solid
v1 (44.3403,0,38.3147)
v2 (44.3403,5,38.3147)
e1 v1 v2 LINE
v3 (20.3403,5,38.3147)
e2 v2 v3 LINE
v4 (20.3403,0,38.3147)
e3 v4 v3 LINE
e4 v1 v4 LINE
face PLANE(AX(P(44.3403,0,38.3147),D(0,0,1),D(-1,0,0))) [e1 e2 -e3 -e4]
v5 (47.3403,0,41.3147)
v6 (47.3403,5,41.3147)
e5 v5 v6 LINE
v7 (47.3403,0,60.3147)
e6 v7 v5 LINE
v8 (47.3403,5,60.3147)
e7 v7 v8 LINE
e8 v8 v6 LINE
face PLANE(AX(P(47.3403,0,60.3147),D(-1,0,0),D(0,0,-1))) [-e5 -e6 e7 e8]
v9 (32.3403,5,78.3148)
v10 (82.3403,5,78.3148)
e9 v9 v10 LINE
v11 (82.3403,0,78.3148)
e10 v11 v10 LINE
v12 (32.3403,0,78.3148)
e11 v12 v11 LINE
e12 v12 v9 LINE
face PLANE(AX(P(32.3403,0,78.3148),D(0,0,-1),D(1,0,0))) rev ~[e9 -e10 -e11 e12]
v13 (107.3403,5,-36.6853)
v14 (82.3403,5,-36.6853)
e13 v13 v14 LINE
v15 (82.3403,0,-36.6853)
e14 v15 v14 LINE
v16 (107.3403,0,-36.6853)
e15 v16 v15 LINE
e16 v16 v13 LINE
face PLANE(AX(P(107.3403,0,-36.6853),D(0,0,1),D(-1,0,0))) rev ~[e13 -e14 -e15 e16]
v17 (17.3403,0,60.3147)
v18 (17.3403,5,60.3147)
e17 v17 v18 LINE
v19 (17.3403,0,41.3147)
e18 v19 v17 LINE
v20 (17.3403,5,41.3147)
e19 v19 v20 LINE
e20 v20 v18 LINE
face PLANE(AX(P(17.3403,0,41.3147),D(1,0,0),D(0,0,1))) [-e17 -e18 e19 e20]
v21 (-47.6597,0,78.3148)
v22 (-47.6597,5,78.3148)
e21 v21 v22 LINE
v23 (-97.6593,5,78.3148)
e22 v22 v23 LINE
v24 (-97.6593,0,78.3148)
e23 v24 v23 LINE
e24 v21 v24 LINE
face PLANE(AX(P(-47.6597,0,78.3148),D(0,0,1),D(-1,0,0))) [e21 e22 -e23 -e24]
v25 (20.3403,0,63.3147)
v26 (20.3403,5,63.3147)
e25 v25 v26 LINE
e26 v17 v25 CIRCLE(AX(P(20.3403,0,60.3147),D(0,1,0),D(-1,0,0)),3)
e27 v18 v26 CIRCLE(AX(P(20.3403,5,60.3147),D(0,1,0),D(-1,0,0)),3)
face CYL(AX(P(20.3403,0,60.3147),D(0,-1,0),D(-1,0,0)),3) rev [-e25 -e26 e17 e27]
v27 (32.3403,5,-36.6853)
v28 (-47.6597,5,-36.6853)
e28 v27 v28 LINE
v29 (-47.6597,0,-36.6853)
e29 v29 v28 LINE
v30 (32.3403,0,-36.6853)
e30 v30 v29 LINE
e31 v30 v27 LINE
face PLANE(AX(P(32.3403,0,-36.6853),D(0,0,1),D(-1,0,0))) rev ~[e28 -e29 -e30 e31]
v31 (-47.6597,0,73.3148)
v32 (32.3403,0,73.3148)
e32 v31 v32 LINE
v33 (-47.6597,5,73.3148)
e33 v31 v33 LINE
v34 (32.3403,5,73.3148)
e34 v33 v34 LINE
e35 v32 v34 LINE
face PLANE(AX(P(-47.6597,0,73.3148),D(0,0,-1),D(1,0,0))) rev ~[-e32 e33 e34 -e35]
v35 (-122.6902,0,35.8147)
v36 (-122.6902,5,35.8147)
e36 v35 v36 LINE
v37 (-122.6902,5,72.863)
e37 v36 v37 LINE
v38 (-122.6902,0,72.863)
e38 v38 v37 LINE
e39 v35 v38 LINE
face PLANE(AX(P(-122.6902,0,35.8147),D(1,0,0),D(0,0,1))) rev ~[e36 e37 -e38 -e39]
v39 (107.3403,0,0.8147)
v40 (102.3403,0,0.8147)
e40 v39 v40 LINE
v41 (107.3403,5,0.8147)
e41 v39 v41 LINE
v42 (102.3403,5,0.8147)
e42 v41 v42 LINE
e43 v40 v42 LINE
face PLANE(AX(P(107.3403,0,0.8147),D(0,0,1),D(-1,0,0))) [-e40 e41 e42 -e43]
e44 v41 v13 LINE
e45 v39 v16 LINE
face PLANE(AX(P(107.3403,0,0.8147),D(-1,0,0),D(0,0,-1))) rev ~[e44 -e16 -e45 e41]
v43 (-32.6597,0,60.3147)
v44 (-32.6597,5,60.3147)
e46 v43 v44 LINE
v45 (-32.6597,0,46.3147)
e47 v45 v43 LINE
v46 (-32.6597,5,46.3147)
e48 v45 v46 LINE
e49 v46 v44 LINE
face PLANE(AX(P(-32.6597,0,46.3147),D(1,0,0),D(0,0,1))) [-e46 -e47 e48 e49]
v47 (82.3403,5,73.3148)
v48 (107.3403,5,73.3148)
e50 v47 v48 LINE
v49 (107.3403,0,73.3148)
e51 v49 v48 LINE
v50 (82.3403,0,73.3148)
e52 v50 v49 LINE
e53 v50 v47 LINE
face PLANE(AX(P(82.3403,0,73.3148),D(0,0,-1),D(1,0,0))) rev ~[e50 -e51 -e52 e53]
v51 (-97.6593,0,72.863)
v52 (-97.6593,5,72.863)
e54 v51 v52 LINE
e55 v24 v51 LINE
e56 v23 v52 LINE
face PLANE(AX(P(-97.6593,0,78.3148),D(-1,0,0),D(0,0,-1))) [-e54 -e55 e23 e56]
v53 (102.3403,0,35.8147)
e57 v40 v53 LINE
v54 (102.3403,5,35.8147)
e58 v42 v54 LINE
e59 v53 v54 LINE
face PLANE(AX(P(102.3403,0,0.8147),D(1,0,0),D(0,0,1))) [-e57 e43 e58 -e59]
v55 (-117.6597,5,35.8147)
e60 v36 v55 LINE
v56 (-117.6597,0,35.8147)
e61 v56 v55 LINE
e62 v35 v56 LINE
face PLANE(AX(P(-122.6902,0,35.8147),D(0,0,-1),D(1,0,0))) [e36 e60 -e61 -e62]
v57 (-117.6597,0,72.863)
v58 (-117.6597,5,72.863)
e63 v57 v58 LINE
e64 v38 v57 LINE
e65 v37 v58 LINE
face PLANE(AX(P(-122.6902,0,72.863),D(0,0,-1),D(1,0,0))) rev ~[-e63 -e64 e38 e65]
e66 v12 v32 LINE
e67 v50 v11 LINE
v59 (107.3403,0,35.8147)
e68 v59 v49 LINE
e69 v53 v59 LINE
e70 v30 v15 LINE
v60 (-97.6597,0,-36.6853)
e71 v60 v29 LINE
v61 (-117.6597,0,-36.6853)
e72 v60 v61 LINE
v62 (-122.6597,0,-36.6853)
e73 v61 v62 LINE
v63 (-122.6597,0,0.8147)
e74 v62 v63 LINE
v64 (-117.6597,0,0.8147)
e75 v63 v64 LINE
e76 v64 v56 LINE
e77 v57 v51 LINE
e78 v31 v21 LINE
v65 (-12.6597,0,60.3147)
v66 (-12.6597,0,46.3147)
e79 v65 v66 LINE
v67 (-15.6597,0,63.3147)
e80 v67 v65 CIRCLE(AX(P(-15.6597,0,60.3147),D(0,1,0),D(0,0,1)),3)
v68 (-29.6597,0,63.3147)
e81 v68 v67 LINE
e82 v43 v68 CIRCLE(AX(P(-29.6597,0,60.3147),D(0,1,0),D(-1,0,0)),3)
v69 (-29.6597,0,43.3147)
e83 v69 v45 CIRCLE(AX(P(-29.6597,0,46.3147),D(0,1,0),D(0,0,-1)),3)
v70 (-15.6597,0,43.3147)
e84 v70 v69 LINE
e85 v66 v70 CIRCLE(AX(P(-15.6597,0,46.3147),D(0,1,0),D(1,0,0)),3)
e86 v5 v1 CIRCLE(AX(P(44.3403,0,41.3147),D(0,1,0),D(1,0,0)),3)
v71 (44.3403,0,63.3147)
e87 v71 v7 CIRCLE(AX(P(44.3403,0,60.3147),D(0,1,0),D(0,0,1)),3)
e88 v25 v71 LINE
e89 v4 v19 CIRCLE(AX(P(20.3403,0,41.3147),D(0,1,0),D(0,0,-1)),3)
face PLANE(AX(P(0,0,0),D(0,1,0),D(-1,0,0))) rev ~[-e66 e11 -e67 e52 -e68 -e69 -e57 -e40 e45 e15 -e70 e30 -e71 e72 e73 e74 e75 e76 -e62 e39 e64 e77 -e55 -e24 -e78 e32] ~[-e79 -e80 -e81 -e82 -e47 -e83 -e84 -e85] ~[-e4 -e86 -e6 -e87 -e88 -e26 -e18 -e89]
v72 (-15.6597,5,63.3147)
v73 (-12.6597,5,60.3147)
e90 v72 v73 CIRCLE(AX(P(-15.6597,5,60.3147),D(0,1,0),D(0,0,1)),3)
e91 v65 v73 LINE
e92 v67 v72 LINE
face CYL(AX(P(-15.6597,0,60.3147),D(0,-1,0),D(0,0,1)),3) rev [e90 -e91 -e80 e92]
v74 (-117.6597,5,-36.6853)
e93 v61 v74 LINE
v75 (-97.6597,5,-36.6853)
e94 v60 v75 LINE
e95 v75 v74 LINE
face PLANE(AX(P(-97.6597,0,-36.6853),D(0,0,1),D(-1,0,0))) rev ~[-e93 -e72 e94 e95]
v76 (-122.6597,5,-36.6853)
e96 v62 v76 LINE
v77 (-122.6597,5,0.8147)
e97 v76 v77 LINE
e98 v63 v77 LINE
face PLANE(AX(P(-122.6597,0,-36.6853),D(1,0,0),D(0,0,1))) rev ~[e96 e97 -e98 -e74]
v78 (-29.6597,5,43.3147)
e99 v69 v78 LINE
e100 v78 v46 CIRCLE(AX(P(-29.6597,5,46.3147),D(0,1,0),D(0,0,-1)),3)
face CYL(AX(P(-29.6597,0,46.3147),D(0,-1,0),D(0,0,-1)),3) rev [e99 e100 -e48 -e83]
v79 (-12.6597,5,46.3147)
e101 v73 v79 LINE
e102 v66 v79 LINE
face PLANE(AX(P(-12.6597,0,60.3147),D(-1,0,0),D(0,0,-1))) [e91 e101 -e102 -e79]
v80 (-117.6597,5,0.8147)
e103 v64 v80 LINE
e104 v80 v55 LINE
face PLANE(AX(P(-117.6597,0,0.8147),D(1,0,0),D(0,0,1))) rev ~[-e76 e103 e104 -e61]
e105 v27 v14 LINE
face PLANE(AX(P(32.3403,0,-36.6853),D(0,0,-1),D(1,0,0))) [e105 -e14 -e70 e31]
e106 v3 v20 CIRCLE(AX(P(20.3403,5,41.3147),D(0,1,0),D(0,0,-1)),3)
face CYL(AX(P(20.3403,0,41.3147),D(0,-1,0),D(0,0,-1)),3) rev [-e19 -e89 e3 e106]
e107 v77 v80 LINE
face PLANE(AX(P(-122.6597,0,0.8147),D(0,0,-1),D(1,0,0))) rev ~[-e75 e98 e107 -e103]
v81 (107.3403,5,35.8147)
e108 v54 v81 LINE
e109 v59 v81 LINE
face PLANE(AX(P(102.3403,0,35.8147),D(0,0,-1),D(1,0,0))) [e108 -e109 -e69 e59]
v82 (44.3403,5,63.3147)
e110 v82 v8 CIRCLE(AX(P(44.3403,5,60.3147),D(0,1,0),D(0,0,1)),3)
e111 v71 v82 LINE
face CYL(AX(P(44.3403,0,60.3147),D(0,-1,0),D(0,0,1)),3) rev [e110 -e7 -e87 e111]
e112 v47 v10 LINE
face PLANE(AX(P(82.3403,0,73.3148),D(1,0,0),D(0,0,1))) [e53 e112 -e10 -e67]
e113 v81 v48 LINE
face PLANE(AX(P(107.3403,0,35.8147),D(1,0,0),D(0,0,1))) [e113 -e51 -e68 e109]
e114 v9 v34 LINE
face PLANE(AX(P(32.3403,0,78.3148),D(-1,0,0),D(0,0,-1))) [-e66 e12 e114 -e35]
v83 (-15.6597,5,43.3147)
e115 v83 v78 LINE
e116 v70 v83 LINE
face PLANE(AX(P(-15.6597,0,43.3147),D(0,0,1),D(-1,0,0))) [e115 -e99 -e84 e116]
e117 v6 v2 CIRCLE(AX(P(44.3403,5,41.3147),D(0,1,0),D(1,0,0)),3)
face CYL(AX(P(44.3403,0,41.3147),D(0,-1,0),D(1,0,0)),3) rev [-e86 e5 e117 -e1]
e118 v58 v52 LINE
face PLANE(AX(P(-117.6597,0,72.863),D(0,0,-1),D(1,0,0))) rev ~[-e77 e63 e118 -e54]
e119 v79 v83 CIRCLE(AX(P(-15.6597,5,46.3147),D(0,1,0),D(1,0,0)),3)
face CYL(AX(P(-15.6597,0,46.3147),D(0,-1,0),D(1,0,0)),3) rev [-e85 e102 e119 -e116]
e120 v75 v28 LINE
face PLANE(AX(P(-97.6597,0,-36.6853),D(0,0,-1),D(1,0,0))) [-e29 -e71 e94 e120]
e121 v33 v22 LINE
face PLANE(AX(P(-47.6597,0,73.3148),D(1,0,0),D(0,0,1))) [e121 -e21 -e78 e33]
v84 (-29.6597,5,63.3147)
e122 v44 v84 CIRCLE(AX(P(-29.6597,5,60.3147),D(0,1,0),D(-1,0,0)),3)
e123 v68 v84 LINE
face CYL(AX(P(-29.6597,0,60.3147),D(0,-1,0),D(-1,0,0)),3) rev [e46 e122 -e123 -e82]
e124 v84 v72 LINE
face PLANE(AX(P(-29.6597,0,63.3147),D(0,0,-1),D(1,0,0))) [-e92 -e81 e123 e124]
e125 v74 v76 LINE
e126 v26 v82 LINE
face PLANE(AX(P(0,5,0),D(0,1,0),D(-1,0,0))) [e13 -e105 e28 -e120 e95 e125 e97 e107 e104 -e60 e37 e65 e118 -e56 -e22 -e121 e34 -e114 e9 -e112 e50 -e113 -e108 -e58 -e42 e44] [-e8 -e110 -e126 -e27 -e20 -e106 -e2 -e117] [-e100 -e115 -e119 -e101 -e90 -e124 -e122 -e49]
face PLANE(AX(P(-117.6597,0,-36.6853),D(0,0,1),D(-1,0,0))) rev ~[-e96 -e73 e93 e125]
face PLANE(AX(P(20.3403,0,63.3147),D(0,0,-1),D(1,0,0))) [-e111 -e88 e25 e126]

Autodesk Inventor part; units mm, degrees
ref_plane "YZ Plane" through (0, 0, 0) normal (1, 0, 0) x (0, 1, 0)
ref_plane "XZ Plane" through (0, 0, 0) normal (0, 1, 0) x (-1, 0, 0)
ref_plane "XY Plane" through (0, 0, 0) normal (0, 0, 1) x (1, 0, 0)
sketch "Sketch1" plane through (0, 0, 0) normal (0, 1, 0) x (-1, 0, 0)
  line L0 (47.6597, 73.3148) -> (47.6597, 78.3148)
  line L1 (97.6593, 78.3148) -> (97.6593, 72.863)
  line L2 (-82.3403, 73.3148) -> (-82.3403, 78.3148)
  line L3 (-32.3403, 78.3148) -> (-32.3403, 73.3148)
  line L4 (117.6597, 72.863) -> (97.6593, 72.863)
  line L5 (47.6597, 73.3148) -> (-32.3403, 73.3148)
  line L6 (-82.3403, 73.3148) -> (-107.3403, 73.3148)
  line L7 (-20.3403, 63.3147) -> (-44.3403, 63.3147)
  line L8 (-47.3403, 60.3147) -> (-47.3403, 41.3147)
  line L9 (-44.3403, 38.3147) -> (-20.3403, 38.3147)
  line L10 (-17.3403, 41.3147) -> (-17.3403, 60.3147)
  line L11 (29.6597, 63.3147) -> (15.6597, 63.3147)
  line L12 (12.6597, 60.3147) -> (12.6597, 46.3147)
  line L13 (15.6597, 43.3147) -> (29.6597, 43.3147)
  line L14 (32.6597, 46.3147) -> (32.6597, 60.3147)
  arc A0 (29.6597, 43.3147) -> (32.6597, 46.3147) centre (29.6597, 46.3147) ccw
  arc A1 (32.6597, 60.3147) -> (29.6597, 63.3147) centre (29.6597, 60.3147) ccw
  arc A2 (15.6597, 63.3147) -> (12.6597, 60.3147) centre (15.6597, 60.3147) ccw
  arc A3 (12.6597, 46.3147) -> (15.6597, 43.3147) centre (15.6597, 46.3147) ccw
  arc A4 (-20.3403, 38.3147) -> (-17.3403, 41.3147) centre (-20.3403, 41.3147) ccw
  arc A5 (-47.3403, 41.3147) -> (-44.3403, 38.3147) centre (-44.3403, 41.3147) ccw
  arc A6 (-44.3403, 63.3147) -> (-47.3403, 60.3147) centre (-44.3403, 60.3147) ccw
  arc A7 (-17.3403, 60.3147) -> (-20.3403, 63.3147) centre (-20.3403, 60.3147) ccw
  line L15 (97.6597, -36.6853) -> (117.6597, -36.6853)
  line L16 (-107.3403, -36.6853) -> (-82.3403, -36.6853)
  line L17 (-32.3403, -36.6853) -> (47.6597, -36.6853)
  line L18 (-107.3403, 0.8147) -> (-107.3403, -36.6853)
  line L19 (-107.3403, 0.8147) -> (-102.3403, 0.8147)
  line L20 (-102.3403, 0.8147) -> (-102.3403, 35.8147)
  line L21 (-102.3403, 35.8147) -> (-107.3403, 35.8147)
  line L22 (-107.3403, 35.8147) -> (-107.3403, 73.3148)
  line L23 (117.6597, -36.6853) -> (122.6597, -36.6853)
  line L24 (122.6597, -36.6853) -> (122.6597, 0.8147)
  line L25 (122.6597, 0.8147) -> (117.6597, 0.8147)
  line L26 (117.6597, 0.8147) -> (117.6597, 35.8147)
  line L27 (122.6902, 35.8147) -> (122.6902, 72.863)
  line L28 (122.6902, 72.863) -> (117.6597, 72.863)
  line L29 (122.6902, 35.8147) -> (117.6597, 35.8147)
  line L30 (97.6597, -36.6853) -> (-82.3403, -36.6853)
  line L31 (-32.3403, 73.3148) -> (-32.3403, 78.3148)
  line L32 (-32.3403, 78.3148) -> (-82.3403, 78.3148)
  line L33 (47.6597, 78.3148) -> (97.6593, 78.3148)
  point P0 (-17.3403, 63.3147)
  point P1 (-47.3403, 63.3147)
  point P2 (-47.3403, 38.3147)
  point P3 (32.6597, 63.3147)
  point P4 (12.6597, 63.3147)
  point P5 (12.6597, 43.3147)
  dimension "d4" = 80
  dimension "d19" = 30
  dimension "d20" = 25
  dimension "d28" = 20
  dimension "d29" = 20
  dimension "d30" = 30
  dimension "d31" = 3
  dimension "d41" = 5
  dimension "d53" = 5
extrude "Extrusion3" add sketch "Sketch1" along normal blind 5
properties part number "Part Sisi 3"
